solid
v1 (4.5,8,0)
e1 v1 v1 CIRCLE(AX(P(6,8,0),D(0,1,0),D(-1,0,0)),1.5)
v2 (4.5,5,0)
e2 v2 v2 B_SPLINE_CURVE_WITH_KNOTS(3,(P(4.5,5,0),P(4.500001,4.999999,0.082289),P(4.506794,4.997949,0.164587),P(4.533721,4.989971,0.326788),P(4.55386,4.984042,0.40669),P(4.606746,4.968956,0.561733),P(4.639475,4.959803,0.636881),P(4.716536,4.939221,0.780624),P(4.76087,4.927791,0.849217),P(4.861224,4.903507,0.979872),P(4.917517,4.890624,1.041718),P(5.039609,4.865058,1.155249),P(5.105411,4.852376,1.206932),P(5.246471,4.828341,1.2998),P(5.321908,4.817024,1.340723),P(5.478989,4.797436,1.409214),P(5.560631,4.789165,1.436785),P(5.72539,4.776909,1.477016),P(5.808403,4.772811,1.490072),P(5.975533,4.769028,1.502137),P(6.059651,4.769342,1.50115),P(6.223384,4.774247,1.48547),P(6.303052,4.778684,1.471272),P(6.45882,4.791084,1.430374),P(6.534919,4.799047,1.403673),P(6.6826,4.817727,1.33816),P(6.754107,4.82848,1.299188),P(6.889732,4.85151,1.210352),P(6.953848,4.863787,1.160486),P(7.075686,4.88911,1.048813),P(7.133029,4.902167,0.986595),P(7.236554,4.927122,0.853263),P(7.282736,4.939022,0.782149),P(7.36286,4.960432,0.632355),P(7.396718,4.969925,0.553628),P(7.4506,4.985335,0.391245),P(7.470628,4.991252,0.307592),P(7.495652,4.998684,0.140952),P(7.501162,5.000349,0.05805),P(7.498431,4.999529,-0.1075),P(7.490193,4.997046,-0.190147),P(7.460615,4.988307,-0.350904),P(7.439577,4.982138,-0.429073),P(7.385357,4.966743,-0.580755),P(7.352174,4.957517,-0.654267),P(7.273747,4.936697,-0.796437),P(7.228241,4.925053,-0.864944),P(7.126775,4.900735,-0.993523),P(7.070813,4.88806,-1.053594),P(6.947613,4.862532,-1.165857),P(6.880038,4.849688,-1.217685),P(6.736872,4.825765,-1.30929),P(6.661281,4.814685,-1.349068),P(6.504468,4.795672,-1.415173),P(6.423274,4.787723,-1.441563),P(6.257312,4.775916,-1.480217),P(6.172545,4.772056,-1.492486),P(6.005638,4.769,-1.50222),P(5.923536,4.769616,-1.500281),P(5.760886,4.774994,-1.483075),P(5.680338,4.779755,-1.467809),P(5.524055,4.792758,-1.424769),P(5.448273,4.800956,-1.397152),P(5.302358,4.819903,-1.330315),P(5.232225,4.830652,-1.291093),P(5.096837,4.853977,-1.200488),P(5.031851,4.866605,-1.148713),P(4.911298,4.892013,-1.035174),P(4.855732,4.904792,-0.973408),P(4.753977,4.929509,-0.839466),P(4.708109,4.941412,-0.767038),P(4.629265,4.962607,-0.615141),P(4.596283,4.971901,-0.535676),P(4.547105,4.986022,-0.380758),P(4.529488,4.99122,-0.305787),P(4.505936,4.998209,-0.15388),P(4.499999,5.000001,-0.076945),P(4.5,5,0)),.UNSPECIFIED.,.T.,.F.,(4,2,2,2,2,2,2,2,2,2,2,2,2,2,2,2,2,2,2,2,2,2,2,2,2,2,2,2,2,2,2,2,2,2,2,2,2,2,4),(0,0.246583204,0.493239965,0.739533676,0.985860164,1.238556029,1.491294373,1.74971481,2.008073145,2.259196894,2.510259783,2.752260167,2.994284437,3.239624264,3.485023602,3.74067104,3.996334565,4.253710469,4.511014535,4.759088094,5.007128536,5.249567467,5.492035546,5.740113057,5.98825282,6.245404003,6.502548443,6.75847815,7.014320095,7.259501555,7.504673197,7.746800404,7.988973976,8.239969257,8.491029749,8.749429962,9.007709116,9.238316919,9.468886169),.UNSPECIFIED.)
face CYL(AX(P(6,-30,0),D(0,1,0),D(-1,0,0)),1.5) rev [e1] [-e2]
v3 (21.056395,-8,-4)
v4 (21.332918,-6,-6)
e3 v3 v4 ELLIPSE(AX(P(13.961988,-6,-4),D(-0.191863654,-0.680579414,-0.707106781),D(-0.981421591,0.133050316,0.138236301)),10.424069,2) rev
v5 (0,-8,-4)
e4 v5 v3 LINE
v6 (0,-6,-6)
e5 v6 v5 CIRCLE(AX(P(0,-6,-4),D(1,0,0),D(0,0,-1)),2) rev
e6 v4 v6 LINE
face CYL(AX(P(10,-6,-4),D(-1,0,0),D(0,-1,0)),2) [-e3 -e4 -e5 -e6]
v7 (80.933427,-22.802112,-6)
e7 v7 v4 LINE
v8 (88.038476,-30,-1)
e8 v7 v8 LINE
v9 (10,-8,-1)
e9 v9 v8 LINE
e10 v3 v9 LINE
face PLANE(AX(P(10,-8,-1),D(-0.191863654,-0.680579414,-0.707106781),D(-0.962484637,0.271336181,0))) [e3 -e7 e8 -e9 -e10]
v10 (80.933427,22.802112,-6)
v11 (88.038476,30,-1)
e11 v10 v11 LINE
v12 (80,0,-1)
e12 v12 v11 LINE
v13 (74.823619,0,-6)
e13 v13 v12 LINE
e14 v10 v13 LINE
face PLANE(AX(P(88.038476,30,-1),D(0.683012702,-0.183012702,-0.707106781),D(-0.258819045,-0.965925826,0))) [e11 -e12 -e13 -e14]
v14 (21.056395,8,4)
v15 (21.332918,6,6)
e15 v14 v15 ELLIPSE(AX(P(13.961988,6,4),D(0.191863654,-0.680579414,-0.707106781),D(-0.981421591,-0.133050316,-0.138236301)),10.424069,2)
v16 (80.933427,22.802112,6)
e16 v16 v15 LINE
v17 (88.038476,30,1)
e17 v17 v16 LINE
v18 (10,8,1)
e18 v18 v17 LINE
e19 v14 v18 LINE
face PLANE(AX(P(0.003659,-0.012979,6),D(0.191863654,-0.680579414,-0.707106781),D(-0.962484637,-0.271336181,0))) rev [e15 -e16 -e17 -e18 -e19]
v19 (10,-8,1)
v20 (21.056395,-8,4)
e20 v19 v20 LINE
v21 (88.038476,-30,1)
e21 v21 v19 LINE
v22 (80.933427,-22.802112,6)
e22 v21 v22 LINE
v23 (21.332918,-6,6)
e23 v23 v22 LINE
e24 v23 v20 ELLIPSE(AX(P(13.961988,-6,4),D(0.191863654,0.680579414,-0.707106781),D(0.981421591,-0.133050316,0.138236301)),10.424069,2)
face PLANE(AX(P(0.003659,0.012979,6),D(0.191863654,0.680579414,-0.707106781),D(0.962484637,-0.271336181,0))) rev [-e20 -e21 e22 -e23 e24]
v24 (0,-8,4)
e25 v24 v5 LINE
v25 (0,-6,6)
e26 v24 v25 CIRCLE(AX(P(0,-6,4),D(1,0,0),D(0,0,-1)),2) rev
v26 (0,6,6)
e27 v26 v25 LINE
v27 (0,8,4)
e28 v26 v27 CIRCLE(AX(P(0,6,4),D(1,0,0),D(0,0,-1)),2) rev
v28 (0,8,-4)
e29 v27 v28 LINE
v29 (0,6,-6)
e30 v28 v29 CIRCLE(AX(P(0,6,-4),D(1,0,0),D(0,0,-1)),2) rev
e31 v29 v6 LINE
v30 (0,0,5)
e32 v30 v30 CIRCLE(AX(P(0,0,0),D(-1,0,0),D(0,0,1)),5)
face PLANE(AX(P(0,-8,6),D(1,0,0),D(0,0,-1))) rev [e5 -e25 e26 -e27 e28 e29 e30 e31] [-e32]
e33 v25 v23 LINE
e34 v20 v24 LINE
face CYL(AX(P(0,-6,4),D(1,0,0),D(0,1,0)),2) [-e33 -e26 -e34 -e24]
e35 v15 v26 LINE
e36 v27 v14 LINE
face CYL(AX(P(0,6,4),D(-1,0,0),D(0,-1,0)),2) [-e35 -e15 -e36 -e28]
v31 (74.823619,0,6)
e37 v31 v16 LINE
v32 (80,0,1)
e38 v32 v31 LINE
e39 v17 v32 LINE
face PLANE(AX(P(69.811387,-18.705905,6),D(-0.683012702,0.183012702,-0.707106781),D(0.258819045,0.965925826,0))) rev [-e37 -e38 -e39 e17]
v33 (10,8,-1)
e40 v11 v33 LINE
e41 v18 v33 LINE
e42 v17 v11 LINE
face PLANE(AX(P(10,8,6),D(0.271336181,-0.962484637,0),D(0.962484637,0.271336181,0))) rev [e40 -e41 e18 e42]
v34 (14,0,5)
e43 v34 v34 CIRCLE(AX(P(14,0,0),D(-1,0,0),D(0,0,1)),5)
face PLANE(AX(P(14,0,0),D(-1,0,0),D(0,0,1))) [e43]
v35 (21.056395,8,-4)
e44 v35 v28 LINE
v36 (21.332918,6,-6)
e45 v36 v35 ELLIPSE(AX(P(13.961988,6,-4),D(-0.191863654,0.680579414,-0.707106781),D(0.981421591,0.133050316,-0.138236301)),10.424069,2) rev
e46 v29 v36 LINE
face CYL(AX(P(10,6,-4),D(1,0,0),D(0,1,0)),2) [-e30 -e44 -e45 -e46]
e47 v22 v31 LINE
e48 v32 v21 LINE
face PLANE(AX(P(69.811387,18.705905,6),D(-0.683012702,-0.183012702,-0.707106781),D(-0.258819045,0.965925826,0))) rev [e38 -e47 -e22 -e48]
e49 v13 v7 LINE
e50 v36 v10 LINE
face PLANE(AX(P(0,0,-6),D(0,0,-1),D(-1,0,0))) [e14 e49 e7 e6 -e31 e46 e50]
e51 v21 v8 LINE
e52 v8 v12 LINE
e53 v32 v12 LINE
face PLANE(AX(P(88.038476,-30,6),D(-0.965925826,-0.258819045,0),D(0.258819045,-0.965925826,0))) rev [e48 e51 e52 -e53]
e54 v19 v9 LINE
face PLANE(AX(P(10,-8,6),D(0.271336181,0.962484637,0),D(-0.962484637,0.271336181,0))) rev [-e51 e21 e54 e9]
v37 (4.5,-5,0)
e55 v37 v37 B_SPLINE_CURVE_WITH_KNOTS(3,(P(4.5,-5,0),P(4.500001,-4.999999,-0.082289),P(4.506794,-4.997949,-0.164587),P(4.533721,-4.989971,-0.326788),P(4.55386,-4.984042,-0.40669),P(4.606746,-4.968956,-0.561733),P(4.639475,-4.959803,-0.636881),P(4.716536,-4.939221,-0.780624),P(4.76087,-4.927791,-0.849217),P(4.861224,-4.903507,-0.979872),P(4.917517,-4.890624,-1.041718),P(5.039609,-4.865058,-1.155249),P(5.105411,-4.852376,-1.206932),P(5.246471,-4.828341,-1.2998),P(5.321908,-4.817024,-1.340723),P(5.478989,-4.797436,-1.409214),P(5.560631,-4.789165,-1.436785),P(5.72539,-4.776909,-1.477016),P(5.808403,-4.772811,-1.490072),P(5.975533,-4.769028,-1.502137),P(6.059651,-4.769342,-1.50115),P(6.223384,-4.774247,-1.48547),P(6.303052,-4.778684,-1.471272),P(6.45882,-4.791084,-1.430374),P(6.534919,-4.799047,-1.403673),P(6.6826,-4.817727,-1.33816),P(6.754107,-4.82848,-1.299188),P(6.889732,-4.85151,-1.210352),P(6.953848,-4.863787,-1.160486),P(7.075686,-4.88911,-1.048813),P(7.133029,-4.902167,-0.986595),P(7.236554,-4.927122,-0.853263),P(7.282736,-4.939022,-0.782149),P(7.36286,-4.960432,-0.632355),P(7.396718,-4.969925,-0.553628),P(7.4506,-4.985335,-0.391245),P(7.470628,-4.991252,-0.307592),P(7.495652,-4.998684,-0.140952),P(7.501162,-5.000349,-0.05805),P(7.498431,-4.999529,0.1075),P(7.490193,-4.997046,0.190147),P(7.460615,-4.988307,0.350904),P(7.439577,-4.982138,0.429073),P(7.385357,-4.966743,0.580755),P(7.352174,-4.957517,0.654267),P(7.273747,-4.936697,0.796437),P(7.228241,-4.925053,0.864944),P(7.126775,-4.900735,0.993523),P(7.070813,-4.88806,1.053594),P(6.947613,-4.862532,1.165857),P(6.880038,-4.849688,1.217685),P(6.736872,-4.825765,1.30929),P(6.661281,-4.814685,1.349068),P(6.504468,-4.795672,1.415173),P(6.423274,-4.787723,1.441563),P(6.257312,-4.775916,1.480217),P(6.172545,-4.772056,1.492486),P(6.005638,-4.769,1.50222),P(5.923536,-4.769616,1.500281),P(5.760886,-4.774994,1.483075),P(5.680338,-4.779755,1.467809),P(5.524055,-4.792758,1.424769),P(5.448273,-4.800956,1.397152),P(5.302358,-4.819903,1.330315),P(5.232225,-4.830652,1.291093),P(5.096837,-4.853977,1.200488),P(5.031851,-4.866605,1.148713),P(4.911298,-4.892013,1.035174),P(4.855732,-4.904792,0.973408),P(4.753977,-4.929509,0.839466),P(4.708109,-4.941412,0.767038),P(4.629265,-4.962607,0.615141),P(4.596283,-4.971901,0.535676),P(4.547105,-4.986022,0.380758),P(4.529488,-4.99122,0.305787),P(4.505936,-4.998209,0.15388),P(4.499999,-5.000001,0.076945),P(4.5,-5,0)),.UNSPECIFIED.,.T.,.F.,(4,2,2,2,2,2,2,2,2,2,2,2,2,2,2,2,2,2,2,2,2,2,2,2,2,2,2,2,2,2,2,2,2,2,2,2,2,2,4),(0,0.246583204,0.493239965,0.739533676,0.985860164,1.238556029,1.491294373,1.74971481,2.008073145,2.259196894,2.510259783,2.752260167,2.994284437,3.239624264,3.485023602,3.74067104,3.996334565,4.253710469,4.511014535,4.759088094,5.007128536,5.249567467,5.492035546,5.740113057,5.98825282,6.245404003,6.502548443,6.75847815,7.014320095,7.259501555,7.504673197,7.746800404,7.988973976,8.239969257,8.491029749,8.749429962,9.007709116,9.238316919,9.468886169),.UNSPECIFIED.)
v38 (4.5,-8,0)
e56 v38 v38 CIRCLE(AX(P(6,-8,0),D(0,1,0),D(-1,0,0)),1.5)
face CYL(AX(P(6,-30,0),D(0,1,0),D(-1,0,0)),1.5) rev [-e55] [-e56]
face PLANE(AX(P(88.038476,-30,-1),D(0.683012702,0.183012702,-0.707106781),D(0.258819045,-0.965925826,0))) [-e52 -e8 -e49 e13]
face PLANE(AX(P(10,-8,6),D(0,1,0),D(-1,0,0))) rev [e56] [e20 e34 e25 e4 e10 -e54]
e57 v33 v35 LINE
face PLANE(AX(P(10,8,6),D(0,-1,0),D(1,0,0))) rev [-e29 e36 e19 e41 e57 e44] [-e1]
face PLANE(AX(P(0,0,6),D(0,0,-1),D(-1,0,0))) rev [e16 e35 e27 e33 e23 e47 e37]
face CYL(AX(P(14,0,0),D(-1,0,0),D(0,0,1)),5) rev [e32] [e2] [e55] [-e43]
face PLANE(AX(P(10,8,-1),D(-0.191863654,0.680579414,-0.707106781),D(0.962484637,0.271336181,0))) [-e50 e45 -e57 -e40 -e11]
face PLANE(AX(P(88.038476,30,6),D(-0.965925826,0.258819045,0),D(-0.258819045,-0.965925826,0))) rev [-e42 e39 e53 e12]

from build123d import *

# Parameters (mm, degrees)
BOSS_EXTRUDE8_DEPTH = 6
SKETCH7_R           = 5
CUT_EXTRUDE3_DEPTH  = 14
SKETCH8_R           = 1.5
CUT_EXTRUDE4_DEPTH  = 97.076913025
CHAMFER3_SIZE       = 5
FILLET4_R           = 2


with BuildPart() as part:
    # Sketch1 → Boss-Extrude8 (new, symmetric)
    with BuildSketch(Plane.XY):
        Polygon((10, -8), (88.038475773, -30), (80, 0), (88.038475773, 30), (10, 8), (0, 8), (0, -8), align=None)
    extrude(amount=BOSS_EXTRUDE8_DEPTH, both=True)

    # Sketch7 → Cut-Extrude3 (cut)
    with BuildSketch(Plane.ZY):
        Circle(SKETCH7_R)
    extrude(amount=-CUT_EXTRUDE3_DEPTH, mode=Mode.SUBTRACT)

    # Sketch8 → Cut-Extrude4 (cut, through all)
    with BuildSketch(Plane(origin=(0, 8, 0), x_dir=(1, 0, 0), z_dir=(0, 1, 0))):
        with Locations(Location((6, 0, 0), (0, 0, 180))):
            Circle(SKETCH8_R)
    extrude(amount=-CUT_EXTRUDE4_DEPTH, mode=Mode.SUBTRACT)

    # Chamfer3
    chamfer3_edges = [part.edges().sort_by_distance(p)[0] for p in [
        (49.019237886, -19, 6),
        (84.019237886, -15, 6),
        (84.019237886, 15, 6),
        (49.019237886, 19, 6),
        (49.019237886, 19, -6),
        (84.019237886, 15, -6),
        (84.019237886, -15, -6),
        (49.019237886, -19, -6),
    ]]
    chamfer(chamfer3_edges, length=CHAMFER3_SIZE)

    # Fillet4
    fillet4_edges = [part.edges().sort_by_distance(p)[0] for p in [
        (14.213662503, -8, 6),
        (14.213662503, 8, 6),
        (14.213662503, -8, -6),
        (14.213662503, 8, -6),
    ]]
    fillet(fillet4_edges, radius=FILLET4_R)


solid = part.part
